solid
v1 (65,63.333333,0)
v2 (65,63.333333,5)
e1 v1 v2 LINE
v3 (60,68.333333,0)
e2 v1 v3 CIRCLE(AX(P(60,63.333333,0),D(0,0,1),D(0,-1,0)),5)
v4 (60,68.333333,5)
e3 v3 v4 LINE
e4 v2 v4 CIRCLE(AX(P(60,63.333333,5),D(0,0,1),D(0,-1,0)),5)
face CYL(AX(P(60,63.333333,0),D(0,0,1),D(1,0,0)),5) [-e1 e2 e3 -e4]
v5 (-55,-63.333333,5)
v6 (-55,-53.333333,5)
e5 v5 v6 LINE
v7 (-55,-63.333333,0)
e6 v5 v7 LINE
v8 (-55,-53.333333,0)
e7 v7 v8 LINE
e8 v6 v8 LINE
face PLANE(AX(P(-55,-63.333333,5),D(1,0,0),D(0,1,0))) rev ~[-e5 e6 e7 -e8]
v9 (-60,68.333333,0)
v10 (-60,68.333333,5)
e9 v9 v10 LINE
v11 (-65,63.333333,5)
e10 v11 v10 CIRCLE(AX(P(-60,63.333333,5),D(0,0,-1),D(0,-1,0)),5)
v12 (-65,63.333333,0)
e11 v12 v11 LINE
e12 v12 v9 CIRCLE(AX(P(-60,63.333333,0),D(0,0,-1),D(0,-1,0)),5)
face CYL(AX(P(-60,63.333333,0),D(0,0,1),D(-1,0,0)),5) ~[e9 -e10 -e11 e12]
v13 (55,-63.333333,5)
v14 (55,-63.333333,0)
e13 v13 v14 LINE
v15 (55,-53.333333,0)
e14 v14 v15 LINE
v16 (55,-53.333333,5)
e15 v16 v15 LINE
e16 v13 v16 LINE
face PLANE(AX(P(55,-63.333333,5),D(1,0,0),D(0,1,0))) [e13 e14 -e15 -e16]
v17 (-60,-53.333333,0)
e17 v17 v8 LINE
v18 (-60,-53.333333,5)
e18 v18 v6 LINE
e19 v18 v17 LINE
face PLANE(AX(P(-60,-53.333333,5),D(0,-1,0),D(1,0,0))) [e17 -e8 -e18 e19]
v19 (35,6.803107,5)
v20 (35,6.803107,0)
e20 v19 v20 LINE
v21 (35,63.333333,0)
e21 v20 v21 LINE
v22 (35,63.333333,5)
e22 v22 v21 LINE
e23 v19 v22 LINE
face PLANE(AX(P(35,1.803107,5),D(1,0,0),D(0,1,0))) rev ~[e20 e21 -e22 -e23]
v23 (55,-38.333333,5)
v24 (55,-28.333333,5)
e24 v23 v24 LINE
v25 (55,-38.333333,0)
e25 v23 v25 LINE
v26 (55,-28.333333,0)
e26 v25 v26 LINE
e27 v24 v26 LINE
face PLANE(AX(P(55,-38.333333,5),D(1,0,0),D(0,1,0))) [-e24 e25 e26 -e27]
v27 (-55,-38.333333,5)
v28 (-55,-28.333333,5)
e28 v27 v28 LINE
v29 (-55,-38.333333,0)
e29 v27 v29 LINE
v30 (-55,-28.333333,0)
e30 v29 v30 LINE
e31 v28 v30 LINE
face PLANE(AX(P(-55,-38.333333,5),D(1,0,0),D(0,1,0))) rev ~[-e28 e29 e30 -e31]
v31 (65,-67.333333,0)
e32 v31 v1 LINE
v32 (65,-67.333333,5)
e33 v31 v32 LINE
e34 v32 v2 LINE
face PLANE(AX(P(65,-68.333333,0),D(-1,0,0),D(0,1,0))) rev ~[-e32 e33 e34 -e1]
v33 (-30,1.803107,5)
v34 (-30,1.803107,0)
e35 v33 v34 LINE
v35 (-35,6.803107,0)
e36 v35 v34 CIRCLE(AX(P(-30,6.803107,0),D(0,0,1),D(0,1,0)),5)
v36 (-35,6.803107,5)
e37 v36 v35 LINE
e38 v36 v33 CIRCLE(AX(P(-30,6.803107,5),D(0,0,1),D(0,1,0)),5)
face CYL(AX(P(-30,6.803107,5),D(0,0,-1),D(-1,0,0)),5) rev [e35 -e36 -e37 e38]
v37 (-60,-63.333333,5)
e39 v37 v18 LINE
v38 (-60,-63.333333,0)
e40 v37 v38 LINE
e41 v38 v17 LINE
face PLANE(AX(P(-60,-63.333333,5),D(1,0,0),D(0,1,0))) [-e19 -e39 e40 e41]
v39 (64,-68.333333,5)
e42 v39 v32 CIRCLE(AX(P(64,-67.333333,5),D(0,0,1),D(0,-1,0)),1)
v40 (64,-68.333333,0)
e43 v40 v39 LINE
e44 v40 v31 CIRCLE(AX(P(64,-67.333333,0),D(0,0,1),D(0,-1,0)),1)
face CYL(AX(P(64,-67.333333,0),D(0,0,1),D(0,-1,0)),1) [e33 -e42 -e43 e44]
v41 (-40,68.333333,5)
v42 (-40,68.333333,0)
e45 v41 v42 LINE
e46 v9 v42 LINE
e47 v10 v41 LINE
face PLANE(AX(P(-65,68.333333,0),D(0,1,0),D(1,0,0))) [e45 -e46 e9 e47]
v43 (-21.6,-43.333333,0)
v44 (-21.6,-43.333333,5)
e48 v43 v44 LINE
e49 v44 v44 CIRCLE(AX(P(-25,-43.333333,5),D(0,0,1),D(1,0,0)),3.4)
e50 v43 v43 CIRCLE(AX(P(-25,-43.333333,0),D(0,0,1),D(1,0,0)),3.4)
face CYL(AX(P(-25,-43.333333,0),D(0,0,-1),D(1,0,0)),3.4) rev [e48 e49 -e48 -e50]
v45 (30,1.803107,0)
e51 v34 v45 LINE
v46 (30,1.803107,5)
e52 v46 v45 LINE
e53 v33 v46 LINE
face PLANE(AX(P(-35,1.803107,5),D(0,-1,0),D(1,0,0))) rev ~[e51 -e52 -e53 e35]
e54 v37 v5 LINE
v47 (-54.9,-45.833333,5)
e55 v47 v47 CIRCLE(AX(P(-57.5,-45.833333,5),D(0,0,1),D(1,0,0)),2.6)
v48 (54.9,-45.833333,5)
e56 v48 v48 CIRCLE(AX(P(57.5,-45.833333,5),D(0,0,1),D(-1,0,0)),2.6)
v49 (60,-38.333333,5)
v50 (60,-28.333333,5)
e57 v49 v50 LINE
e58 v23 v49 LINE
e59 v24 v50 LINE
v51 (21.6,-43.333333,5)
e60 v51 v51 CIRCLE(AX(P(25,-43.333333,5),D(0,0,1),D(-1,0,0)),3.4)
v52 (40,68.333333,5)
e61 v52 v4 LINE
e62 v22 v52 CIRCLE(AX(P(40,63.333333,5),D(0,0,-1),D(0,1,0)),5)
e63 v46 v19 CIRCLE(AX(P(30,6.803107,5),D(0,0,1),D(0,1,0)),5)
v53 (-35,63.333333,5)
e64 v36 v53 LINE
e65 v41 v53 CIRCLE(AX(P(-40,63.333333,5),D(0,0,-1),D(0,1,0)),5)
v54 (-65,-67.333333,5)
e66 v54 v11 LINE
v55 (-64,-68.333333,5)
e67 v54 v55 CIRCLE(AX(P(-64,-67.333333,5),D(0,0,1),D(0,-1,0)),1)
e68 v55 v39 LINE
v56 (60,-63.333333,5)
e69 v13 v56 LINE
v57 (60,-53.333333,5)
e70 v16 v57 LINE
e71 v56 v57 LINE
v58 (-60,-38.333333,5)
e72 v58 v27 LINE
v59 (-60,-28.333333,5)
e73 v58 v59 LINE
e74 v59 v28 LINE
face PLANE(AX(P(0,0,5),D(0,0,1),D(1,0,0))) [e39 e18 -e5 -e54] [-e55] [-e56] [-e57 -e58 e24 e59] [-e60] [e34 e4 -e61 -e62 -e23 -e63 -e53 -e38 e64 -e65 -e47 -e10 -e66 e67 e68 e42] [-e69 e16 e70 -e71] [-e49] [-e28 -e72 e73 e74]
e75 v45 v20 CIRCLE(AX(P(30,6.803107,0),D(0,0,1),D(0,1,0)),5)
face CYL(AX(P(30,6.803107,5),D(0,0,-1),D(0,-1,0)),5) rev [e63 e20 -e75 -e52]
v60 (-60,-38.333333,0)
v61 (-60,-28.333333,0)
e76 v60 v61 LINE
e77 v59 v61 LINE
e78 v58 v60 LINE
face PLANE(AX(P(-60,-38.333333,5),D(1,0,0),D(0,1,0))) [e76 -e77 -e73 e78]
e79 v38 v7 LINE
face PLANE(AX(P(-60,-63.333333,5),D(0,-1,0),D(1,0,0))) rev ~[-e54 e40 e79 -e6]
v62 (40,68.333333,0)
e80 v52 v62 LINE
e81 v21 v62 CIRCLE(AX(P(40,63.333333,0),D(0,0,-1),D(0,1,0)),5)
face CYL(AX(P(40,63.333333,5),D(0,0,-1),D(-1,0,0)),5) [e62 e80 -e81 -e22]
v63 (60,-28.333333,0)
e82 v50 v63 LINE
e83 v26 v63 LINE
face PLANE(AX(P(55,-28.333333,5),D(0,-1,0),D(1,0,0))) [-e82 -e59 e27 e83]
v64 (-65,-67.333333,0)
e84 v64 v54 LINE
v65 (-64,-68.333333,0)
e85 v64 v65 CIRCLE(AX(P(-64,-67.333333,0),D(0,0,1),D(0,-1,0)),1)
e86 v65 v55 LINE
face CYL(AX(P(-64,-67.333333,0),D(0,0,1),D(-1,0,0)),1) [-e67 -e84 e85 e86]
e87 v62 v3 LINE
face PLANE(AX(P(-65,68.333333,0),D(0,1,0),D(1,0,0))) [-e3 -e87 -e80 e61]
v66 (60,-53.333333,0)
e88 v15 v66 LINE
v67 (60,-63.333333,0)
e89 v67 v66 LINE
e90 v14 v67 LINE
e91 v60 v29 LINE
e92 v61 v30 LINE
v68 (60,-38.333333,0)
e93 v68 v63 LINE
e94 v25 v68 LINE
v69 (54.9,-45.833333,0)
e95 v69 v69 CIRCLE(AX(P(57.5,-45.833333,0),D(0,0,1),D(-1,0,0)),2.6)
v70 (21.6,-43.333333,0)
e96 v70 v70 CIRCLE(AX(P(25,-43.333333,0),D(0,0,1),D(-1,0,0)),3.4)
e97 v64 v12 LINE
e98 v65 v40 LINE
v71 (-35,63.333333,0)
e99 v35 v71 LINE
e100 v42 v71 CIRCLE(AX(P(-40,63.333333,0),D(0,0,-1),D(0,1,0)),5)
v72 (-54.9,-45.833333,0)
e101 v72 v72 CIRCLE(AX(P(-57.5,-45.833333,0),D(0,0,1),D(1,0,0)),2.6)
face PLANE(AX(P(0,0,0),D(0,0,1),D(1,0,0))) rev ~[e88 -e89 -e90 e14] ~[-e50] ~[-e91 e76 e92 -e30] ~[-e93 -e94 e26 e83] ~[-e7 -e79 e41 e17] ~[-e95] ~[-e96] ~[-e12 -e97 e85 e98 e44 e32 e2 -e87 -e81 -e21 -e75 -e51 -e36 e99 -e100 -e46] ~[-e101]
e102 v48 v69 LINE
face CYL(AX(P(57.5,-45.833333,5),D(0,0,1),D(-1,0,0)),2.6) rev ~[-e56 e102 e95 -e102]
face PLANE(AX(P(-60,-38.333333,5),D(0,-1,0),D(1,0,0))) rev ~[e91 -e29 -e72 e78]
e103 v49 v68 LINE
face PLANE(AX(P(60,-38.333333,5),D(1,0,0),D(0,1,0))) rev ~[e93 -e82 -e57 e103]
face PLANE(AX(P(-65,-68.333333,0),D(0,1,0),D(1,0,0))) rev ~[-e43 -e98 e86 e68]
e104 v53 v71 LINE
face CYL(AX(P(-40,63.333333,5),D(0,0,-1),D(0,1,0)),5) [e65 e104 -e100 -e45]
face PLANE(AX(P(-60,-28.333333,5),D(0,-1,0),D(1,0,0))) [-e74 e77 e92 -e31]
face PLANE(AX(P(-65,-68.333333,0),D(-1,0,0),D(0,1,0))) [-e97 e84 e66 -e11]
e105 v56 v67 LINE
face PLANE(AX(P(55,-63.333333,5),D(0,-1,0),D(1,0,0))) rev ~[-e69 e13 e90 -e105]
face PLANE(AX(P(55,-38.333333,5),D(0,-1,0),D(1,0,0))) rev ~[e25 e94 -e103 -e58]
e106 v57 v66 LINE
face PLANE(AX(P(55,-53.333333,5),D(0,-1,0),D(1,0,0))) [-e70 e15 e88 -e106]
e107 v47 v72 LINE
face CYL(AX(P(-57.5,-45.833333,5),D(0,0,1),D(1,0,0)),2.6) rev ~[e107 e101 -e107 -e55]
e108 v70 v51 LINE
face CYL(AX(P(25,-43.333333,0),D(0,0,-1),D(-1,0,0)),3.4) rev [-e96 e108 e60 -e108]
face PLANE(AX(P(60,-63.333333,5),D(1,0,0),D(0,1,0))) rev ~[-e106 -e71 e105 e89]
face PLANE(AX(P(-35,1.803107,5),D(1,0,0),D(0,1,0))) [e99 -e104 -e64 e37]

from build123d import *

# Parameters (mm, degrees)
SKETCH1_W           = 130
SKETCH1_H           = 136.666666666
SKETCH1_R           = 3.4
BOSS_EXTRUDE1_DEPTH = 5
SKETCH2_R           = 2.6
SKETCH2_W           = 70
SKETCH2_H           = 110.094716781
SKETCH2_W_2         = 5
SKETCH2_H_2         = 10
CUT_EXTRUDE1_DEPTH  = 5
FILLET1_R           = 5
FILLET2_R           = 1


with BuildPart() as part:
    # Sketch1 → Boss-Extrude1 (new body)
    with BuildSketch(Plane.XY):
        Rectangle(SKETCH1_W, SKETCH1_H)
        with Locations((-25, -43.333333333)):
            Circle(SKETCH1_R, mode=Mode.SUBTRACT)
        with Locations(Location((25, -43.333333333, 0), (0, 0, 180))):
            Circle(SKETCH1_R, mode=Mode.SUBTRACT)
    extrude(amount=BOSS_EXTRUDE1_DEPTH)

    # Sketch2 → Cut-Extrude1 (cut)
    with BuildSketch(Plane.XY.offset(5)):
        with Locations((-57.5, -45.833333333)):
            Circle(SKETCH2_R)
        with Locations(Location((57.5, -45.833333333, 0), (0, 0, 180))):
            Circle(SKETCH2_R)
        with Locations((0, 56.850465305)):
            Rectangle(SKETCH2_W, SKETCH2_H)
        with Locations((-57.5, -33.333333333)):
            Rectangle(SKETCH2_W_2, SKETCH2_H_2)
        with Locations((-57.5, -58.333333333)):
            Rectangle(SKETCH2_W_2, SKETCH2_H_2)
        with Locations((57.5, -33.333333333)):
            Rectangle(SKETCH2_W_2, SKETCH2_H_2)
        with Locations((57.5, -58.333333333)):
            Rectangle(SKETCH2_W_2, SKETCH2_H_2)
    extrude(amount=-CUT_EXTRUDE1_DEPTH, mode=Mode.SUBTRACT)

    # Fillet1
    fillet1_edges = [part.edges().sort_by_distance(p)[0] for p in [
        (35, 68.333333333, 2.5),
        (-35, 68.333333333, 2.5),
        (-35, 1.803106914, 2.5),
        (35, 1.803106914, 2.5),
        (-65, 68.333333333, 2.5),
        (65, 68.333333333, 2.5),
    ]]
    fillet(fillet1_edges, radius=FILLET1_R)

    # Fillet2
    fillet2_edges = [part.edges().sort_by_distance(p)[0] for p in [
        (65, -68.333333333, 2.5),
        (-65, -68.333333333, 2.5),
    ]]
    fillet(fillet2_edges, radius=FILLET2_R)


solid = part.part
